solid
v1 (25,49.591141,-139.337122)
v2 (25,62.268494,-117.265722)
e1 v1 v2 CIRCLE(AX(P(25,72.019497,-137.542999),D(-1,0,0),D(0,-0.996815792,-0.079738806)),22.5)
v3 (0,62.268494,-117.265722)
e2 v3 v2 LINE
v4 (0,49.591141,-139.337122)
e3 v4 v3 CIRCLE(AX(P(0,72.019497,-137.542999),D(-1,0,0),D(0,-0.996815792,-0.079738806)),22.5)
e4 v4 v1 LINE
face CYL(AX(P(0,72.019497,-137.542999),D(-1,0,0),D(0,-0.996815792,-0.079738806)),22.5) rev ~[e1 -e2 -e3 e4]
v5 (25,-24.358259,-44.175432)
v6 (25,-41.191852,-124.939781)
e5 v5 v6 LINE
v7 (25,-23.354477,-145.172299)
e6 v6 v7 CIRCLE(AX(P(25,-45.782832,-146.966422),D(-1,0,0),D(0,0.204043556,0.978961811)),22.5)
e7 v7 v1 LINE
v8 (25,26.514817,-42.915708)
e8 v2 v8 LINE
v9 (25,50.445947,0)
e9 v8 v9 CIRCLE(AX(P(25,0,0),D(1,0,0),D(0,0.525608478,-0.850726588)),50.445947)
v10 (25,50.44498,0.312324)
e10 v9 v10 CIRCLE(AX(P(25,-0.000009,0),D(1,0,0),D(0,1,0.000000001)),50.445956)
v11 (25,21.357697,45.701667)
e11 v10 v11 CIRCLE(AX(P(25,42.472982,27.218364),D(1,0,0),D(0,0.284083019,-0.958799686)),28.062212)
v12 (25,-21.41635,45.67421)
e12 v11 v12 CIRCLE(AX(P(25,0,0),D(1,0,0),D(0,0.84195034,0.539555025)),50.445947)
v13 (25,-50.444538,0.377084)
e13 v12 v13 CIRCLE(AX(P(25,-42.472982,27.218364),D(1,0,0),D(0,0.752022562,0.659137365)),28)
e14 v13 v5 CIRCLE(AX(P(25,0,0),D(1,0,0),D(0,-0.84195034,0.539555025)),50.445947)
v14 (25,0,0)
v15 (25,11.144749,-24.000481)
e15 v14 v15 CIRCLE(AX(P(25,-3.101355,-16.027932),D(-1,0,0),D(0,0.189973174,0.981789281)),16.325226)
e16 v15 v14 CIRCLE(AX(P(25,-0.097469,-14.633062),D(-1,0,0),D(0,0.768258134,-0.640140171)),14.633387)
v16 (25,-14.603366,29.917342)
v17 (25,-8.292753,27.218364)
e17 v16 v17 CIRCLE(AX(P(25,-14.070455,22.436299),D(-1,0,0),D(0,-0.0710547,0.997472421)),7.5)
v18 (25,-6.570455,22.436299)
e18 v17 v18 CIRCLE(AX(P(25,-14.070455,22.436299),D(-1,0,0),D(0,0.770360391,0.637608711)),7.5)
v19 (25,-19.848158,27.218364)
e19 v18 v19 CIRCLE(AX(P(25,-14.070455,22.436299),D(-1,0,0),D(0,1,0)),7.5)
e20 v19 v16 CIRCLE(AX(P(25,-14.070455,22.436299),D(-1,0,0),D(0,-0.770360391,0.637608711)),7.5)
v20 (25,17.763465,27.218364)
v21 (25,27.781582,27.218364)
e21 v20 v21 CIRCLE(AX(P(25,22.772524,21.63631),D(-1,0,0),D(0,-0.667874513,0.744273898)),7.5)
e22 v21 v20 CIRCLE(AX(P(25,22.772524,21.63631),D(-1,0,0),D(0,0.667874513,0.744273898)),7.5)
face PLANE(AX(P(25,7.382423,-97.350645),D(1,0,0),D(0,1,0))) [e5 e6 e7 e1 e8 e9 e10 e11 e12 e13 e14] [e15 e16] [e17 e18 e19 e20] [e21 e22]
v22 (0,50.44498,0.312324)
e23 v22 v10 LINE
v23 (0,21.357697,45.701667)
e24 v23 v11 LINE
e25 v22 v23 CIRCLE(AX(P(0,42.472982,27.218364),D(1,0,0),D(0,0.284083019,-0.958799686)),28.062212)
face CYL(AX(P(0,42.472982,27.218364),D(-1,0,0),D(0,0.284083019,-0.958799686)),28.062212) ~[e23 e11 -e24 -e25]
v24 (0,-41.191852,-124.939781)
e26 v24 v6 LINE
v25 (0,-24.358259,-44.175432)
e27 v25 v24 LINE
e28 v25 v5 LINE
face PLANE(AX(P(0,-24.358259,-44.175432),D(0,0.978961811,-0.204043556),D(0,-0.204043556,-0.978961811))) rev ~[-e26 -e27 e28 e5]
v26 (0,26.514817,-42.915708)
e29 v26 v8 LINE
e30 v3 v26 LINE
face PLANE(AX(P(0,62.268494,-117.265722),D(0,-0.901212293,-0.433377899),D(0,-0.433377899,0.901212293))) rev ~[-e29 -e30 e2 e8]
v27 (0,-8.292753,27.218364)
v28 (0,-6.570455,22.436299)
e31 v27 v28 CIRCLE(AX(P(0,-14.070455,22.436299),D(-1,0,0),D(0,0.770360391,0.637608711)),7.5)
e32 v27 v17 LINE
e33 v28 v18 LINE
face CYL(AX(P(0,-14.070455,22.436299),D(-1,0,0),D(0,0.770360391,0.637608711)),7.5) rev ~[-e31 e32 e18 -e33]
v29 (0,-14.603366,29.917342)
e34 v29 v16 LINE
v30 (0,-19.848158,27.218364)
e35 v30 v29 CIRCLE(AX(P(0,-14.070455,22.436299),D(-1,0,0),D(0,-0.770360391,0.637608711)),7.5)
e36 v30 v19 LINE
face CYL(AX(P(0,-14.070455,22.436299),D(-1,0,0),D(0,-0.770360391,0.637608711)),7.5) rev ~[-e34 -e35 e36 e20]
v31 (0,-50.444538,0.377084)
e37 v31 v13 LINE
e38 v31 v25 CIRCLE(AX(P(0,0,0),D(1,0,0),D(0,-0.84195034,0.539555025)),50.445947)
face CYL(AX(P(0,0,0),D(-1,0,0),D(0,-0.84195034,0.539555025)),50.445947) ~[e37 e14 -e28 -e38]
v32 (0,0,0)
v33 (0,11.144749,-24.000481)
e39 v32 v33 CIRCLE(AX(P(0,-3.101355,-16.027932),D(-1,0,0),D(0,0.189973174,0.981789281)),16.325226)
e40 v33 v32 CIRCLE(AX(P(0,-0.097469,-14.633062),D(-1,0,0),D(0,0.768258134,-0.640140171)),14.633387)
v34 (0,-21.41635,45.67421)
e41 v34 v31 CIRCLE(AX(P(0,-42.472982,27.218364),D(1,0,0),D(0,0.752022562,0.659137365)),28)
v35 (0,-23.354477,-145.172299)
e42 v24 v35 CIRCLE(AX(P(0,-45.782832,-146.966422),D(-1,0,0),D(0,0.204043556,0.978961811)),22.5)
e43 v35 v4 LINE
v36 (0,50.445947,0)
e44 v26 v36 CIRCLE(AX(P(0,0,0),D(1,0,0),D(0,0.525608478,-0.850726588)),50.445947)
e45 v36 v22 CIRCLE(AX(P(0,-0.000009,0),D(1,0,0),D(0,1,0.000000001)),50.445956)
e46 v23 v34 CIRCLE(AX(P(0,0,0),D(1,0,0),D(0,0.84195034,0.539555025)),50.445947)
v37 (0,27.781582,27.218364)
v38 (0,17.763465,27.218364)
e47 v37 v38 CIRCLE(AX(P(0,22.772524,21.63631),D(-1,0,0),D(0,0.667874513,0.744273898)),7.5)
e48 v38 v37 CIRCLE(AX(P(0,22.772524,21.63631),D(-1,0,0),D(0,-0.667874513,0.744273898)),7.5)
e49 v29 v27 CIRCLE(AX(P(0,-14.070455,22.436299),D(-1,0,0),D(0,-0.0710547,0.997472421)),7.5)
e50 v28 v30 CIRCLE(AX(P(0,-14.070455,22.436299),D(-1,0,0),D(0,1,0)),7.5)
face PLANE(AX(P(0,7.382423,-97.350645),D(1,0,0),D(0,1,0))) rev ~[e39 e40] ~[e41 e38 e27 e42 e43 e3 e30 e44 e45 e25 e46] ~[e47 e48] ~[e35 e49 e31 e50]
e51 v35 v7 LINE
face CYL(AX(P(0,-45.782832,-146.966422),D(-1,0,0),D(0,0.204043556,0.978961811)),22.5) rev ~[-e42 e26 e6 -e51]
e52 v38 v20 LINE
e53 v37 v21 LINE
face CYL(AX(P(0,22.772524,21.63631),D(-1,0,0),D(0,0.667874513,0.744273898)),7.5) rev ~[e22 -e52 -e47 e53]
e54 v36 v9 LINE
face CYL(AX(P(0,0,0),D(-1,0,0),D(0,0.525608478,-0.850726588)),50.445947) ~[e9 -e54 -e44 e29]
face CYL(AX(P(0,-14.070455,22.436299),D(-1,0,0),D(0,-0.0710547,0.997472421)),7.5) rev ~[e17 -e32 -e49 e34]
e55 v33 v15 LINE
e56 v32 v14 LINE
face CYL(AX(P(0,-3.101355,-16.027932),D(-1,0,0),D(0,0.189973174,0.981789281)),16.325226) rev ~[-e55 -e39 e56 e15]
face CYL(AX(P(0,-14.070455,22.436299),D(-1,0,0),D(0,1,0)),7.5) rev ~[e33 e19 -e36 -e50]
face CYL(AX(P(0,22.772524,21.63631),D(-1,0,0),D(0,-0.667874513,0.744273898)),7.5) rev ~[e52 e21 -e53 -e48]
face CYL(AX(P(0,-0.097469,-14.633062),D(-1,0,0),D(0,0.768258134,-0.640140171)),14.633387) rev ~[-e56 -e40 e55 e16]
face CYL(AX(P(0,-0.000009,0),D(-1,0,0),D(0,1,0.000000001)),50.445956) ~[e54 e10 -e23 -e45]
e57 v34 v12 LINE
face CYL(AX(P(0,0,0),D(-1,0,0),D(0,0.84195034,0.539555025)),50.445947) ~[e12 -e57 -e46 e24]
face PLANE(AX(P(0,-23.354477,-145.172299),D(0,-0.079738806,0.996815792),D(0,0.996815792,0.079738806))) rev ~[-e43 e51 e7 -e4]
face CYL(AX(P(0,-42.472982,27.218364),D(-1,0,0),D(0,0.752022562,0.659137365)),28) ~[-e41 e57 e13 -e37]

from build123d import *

# Parameters (mm, degrees)
F1_DEPTH = 25


with BuildPart() as f1:
    # F0 (on Right) → F1 (new body)
    with BuildSketch(Plane.YZ):
        with BuildLine():
            Line((62.268494035, -117.2657224541), (26.5148173721, -42.9157082976))
            ThreePointArc((26.5148173721, -42.9157082976), (1.2487643575, -50.4304882639), (-24.3582585984, -44.1754320523))
            Line((-24.3582585984, -44.1754320523), (-41.1918519377, -124.9397814602))
            ThreePointArc((-41.1918519377, -124.9397814602), (-28.905337679, -132.0868997864), (-23.3544766233, -145.1722990748))
            Line((-23.3544766233, -145.1722990748), (49.5911414452, -139.3371221753))
            ThreePointArc((49.5911414452, -139.3371221753), (52.5088729266, -126.3365028199), (62.268494035, -117.2657224541))
        make_face()
        with BuildLine():
            ThreePointArc((26.5148173721, -42.9157082976), (44.0588165312, -24.5685621237), (50.4459469032, 0))
            ThreePointArc((50.4459469032, 0), (50.4457051903, 0.1561627636), (50.4449800541, 0.3123240306))
            ThreePointArc((50.4449800541, 0.3123240306), (48.3675580647, 14.3308368847), (42.4729821328, 27.2183641629))
            Line((42.4729821328, 27.2183641629), (27.7815824315, 27.2183641629))
            ThreePointArc((27.7815824315, 27.2183641629), (29.6215359729, 24.6926196845), (30.2725235865, 21.6363099275))
            ThreePointArc((30.2725235865, 21.6363099275), (19.7162138294, 14.7872975411), (17.7634647415, 27.2183641629))
            Line((17.7634647415, 27.2183641629), (-8.2927525458, 27.2183641629))
            ThreePointArc((-8.2927525458, 27.2183641629), (-7.0141543228, 24.9776791667), (-6.5704554783, 22.4362988324))
            ThreePointArc((-6.5704554783, 22.4362988324), (-16.6118358125, 15.379997677), (-19.8481584107, 27.2183641629))
            Line((-19.8481584107, 27.2183641629), (-42.4729821328, 27.2183641629))
            ThreePointArc((-42.4729821328, 27.2183641629), (-48.3583492389, 14.361880721), (-50.4445375277, 0.3770843017))
            ThreePointArc((-50.4445375277, 0.3770843017), (-43.5327032866, -25.4891605102), (-24.3582585984, -44.1754320523))
            ThreePointArc((-24.3582585984, -44.1754320523), (1.2487643575, -50.4304882639), (26.5148173721, -42.9157082976))
        make_face()
        with BuildLine():
            ThreePointArc((11.1447488889, -24.0004807711), (-13.3697300078, -20.7961057501), (0, 0))
            ThreePointArc((0, 0), (11.7053783119, -9.1523479333), (11.1447488889, -24.0004807711))
        make_face(mode=Mode.SUBTRACT)
        with BuildLine():
            Line((27.7815824315, 27.2183641629), (42.4729821328, 27.2183641629))
            ThreePointArc((42.4729821328, 27.2183641629), (33.2264505165, 37.9578258733), (21.3576968642, 45.7016667487))
            ThreePointArc((21.3576968642, 45.7016667487), (-0.0323808915, 50.4459365106), (-21.4163503965, 45.6742103889))
            ThreePointArc((-21.4163503965, 45.6742103889), (-33.2508085276, 37.9364902332), (-42.4729821328, 27.2183641629))
            Line((-42.4729821328, 27.2183641629), (-19.8481584107, 27.2183641629))
            ThreePointArc((-19.8481584107, 27.2183641629), (-17.5022305288, 29.105100824), (-14.6033657252, 29.9173419862))
            ThreePointArc((-14.6033657252, 29.9173419862), (-11.1212042341, 29.3320886421), (-8.2927525458, 27.2183641629))
            Line((-8.2927525458, 27.2183641629), (17.7634647415, 27.2183641629))
            ThreePointArc((17.7634647415, 27.2183641629), (22.7725235865, 29.1363099275), (27.7815824315, 27.2183641629))
        make_face()
        with BuildLine():
            ThreePointArc((-42.4729821328, 27.2183641629), (-33.2508085276, 37.9364902332), (-21.4163503965, 45.6742103889))
            ThreePointArc((-21.4163503965, 45.6742103889), (-66.0475916451, 42.3259048742), (-50.4445375277, 0.3770843017))
            ThreePointArc((-50.4445375277, 0.3770843017), (-48.3583492389, 14.361880721), (-42.4729821328, 27.2183641629))
        make_face()
        with BuildLine():
            ThreePointArc((42.4729821328, 27.2183641629), (48.3675580647, 14.3308368847), (50.4449800541, 0.3123240306))
            ThreePointArc((50.4449800541, 0.3123240306), (66.0999711215, 42.3594717111), (21.3576968642, 45.7016667487))
            ThreePointArc((21.3576968642, 45.7016667487), (33.2264505165, 37.9578258733), (42.4729821328, 27.2183641629))
        make_face()
    extrude(amount=F1_DEPTH)


solid = f1.part
